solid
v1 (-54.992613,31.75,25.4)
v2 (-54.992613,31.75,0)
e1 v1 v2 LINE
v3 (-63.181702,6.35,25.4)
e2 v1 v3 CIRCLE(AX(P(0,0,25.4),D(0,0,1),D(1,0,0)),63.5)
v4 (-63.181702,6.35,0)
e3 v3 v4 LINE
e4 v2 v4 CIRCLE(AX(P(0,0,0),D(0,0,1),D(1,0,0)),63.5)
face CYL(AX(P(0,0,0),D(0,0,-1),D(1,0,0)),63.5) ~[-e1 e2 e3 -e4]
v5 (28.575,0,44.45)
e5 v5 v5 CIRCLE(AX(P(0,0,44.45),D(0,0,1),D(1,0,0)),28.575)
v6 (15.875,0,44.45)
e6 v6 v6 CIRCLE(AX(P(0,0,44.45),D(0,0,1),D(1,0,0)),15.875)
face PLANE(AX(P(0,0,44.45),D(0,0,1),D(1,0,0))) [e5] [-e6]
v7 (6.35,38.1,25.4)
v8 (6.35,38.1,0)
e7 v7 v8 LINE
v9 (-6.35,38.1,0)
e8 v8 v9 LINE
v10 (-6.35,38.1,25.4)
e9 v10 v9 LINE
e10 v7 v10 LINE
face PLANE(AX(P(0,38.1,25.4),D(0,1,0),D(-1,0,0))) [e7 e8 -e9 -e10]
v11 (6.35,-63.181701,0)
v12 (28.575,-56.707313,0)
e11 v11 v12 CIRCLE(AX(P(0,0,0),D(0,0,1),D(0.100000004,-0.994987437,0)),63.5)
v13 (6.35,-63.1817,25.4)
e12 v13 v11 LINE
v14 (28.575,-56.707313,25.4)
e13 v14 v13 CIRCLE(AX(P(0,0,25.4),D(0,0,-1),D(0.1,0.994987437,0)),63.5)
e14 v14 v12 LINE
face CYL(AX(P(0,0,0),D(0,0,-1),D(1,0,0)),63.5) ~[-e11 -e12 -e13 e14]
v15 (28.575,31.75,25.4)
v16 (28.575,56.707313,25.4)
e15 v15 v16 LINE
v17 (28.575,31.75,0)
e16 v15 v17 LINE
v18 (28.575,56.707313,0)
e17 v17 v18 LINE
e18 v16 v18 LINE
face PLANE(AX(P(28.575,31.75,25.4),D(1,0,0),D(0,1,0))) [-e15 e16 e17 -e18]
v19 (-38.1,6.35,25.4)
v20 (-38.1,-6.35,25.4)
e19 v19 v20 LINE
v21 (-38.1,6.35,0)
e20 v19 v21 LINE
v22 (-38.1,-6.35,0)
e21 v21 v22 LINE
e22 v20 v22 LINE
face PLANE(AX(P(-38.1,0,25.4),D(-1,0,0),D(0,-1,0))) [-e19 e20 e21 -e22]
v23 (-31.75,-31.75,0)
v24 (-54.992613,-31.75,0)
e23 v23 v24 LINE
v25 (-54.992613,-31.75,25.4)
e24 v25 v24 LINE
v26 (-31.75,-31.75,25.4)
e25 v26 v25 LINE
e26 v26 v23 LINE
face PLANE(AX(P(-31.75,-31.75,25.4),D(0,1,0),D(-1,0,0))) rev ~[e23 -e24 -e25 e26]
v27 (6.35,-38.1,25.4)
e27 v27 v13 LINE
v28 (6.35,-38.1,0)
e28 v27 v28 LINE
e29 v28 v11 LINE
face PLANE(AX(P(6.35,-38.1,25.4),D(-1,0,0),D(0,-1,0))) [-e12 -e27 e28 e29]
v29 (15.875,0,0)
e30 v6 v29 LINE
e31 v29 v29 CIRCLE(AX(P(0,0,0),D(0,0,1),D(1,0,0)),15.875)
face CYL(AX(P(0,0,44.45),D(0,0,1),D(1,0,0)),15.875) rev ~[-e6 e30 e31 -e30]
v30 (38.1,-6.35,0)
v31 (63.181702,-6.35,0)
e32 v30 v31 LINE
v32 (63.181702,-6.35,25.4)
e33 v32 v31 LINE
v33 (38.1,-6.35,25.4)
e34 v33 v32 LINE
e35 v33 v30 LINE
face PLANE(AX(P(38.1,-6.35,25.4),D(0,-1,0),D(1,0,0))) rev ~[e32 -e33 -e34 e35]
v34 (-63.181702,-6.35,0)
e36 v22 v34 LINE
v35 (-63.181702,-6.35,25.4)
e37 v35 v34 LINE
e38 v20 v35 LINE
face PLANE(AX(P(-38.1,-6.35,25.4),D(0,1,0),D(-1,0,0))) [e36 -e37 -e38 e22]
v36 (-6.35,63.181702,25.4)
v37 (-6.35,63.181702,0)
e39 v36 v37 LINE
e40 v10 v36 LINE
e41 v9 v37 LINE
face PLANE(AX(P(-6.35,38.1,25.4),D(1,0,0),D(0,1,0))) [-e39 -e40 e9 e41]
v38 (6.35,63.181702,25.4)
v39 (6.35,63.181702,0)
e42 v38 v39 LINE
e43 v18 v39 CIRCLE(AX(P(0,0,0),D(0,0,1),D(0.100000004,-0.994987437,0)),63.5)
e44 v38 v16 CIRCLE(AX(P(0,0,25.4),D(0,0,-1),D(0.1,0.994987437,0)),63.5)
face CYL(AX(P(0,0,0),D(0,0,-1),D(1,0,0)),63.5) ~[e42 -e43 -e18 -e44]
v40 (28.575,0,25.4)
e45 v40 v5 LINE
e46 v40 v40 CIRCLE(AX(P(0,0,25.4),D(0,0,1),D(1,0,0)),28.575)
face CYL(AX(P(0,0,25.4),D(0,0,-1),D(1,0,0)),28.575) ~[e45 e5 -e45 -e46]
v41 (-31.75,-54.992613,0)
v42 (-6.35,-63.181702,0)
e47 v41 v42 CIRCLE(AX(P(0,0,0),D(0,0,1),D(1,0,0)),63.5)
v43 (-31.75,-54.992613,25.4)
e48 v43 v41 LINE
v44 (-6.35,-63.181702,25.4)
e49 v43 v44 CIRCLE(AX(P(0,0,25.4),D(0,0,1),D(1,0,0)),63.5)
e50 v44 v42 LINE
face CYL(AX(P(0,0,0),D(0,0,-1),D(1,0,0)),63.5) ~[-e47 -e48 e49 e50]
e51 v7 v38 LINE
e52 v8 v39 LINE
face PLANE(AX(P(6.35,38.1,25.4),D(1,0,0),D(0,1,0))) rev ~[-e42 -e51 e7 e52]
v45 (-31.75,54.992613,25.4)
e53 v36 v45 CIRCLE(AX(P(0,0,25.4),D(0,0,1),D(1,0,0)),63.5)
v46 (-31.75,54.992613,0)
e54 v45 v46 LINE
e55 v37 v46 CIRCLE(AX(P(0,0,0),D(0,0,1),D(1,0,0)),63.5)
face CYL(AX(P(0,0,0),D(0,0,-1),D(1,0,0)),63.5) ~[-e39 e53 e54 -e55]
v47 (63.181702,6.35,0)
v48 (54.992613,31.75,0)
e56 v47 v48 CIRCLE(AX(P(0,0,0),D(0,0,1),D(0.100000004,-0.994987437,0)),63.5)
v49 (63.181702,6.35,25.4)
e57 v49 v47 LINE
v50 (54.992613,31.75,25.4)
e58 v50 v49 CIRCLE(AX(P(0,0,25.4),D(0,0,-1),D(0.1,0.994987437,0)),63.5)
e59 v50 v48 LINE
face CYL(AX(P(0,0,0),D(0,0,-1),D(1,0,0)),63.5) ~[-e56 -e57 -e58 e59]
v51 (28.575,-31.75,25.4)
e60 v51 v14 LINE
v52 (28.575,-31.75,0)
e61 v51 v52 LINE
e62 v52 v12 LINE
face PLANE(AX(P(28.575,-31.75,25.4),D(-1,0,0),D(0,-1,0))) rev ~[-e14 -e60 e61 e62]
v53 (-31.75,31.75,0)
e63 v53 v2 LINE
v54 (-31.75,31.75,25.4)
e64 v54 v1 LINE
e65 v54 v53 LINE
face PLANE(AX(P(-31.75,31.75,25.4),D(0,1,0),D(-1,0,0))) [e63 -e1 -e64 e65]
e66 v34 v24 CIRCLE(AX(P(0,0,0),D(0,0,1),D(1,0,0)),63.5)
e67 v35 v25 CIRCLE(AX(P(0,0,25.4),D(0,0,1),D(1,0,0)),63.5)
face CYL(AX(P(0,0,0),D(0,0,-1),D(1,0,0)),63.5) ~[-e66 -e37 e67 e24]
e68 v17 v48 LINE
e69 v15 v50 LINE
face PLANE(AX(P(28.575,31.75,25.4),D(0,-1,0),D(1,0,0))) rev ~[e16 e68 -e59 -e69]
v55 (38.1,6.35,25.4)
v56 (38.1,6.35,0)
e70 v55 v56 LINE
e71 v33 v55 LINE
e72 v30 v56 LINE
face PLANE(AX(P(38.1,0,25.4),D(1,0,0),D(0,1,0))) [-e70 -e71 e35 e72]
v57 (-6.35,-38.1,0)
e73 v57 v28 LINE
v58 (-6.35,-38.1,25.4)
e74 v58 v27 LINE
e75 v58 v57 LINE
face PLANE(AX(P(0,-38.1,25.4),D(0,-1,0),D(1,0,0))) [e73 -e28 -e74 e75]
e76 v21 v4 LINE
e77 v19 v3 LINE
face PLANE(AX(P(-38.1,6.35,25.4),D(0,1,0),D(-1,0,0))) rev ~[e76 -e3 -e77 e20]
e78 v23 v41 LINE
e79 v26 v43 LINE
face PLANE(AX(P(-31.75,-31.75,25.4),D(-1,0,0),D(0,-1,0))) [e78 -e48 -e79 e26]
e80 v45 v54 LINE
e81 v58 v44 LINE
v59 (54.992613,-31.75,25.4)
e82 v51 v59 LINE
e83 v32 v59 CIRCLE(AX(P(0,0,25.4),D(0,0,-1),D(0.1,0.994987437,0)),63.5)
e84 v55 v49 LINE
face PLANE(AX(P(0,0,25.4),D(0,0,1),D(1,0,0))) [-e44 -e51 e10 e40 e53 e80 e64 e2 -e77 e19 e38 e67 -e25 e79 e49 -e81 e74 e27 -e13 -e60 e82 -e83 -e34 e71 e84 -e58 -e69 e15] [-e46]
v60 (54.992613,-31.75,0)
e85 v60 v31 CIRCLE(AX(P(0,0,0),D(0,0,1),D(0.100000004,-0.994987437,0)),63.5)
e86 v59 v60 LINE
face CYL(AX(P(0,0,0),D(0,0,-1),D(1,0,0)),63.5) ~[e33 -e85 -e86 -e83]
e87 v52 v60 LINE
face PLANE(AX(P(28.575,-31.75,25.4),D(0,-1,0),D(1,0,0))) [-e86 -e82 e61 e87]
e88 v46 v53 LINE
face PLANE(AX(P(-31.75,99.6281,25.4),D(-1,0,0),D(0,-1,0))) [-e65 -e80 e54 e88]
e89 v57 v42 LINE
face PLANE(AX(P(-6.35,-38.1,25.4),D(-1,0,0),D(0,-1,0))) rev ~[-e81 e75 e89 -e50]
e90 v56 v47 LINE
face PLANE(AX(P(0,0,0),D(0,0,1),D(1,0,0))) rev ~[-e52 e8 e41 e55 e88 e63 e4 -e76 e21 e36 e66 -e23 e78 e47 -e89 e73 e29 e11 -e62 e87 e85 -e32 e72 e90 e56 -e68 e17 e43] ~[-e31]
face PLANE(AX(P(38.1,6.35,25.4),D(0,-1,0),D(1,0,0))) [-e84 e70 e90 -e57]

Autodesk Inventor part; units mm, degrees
ref_plane "YZ Plane" through (0, 0, 0) normal (1, 0, 0) x (0, 1, 0)
ref_plane "XZ Plane" through (0, 0, 0) normal (0, 1, 0) x (-1, 0, 0)
ref_plane "XY Plane" through (0, 0, 0) normal (0, 0, 1) x (1, 0, 0)
sketch "Sketch1" plane through (0, 0, 0) normal (0, 0, 1) x (1, 0, 0)
  circle A0 centre (0, 0) radius 63.5
  dimension "d0" = 127
extrude "Extrusion1" add sketch "Sketch1" along normal blind 25.4
sketch "Sketch2" plane through (0, 0, 25.4) normal (0, 0, 1) x (1, 0, 0)
  circle A0 centre (0, 0) radius 28.575
  dimension "d3" = 57.15
extrude "Extrusion2" add sketch "Sketch2" along normal blind 19.05
sketch "Sketch3" plane through (0, 0, 44.45) normal (0, 0, 1) x (1, 0, 0)
  circle A0 centre (0, 0) radius 15.875
  dimension "d6" = 31.75
extrude "Extrusion3" cut sketch "Sketch3" against normal through all
sketch "Sketch4" plane through (0, 0, 25.4) normal (0, 0, 1) x (1, 0, 0)
  line L0 (0, 0) -> (0, 38.1)
  line L1 (0, 38.1) -> (0, -38.1)
  line L2 (0, -38.1) -> (6.35, -38.1)
  line L3 (6.35, -38.1) -> (6.35, -63.1817)
  circle A0 centre (0, 0) radius 63.5 projected
  line L4 (0, -38.1) -> (-6.35, -38.1)
  line L5 (-6.35, -38.1) -> (-6.35, -80.9216)
  line L6 (-6.35, -80.9216) -> (6.35, -63.1817)
  line L7 (0, 38.1) -> (6.35, 38.1)
  line L8 (6.35, 38.1) -> (6.35, 68.5855)
  line L9 (0, 38.1) -> (-6.35, 38.1)
  line L10 (-6.35, 38.1) -> (-6.35, 68.5855)
  line L11 (-6.35, 68.5855) -> (6.35, 68.5855)
  dimension "d9" = 38.1
  dimension "d10" = 76.2
  dimension "d11" = 6.35
  dimension "d12" = 6.35
  dimension "d13" = 6.35
  dimension "d14" = 6.35
extrude "Extrusion4" cut sketch "Sketch4" against normal through all contours L9 L10 A0 L8 L7 | L2 L3 A0 L5 L4 | A0 L10 L11 L8 | L6 L5 A0
sketch "Sketch5" plane through (0, 0, 25.4) normal (0, 0, 1) x (1, 0, 0)
  line L0 (0, 0) -> (38.1, 0)
  line L1 (38.1, 0) -> (-38.1, 0)
  line L2 (-38.1, 0) -> (-38.1, 6.35)
  line L3 (-38.1, 6.35) -> (-99.0804, 6.35)
  line L4 (-38.1, 0) -> (-38.1, -6.35)
  line L5 (-38.1, -6.35) -> (-95.4724, -6.35)
  line L6 (-95.4724, -6.35) -> (-99.0804, 6.35)
  line L7 (38.1, 0) -> (38.1, -6.35)
  line L8 (38.1, -6.35) -> (92.4195, -6.35)
  line L9 (38.1, 0) -> (38.1, 6.35)
  line L10 (38.1, 6.35) -> (95.1949, 6.35)
  line L11 (95.1949, 6.35) -> (92.4195, -6.35)
  dimension "d17" = 38.1
  dimension "d18" = 76.2
  dimension "d19" = 6.35
  dimension "d20" = 6.35
  dimension "d21" = 6.35
  dimension "d22" = 6.35
extrude "Extrusion5" cut sketch "Sketch5" against normal through all
sketch "Sketch6" plane through (0, 0, 25.4) normal (0, 0, 1) x (1, 0, 0)
  point P0 (0, 0)
sketch "Sketch7" plane through (0, 0, 25.4) normal (0, 0, 1) x (1, 0, 0)
  line L0 (0, 0) -> (31.75, 0)
  line L1 (0, 0) -> (0, 31.75)
  line L2 (0, 31.75) -> (124.8927, 31.75)
  line L3 (0, 0) -> (0, -31.75)
  line L4 (0, 0) -> (-31.75, 0)
  line L5 (-31.75, 0) -> (-145.867, 0)
  line L6 (0, 31.75) -> (-126.7995, 31.75)
  line L7 (0, -31.75) -> (-134.9032, -31.75)
  line L8 (0, -31.75) -> (128.2295, -31.75)
  line L9 (-31.75, -31.75) -> (-31.75, -121.3175)
  line L10 (-31.75, -121.3175) -> (-134.9032, -31.75)
  line L11 (28.575, -31.75) -> (28.575, -121.3175)
  line L12 (28.575, -121.3175) -> (128.2295, -31.75)
  line L13 (28.575, 31.75) -> (28.575, 107.95)
  line L14 (28.575, 107.95) -> (124.8927, 31.75)
  line L15 (-126.7995, 31.75) -> (-31.75, 99.6281)
  line L16 (-31.75, 99.6281) -> (-31.75, 31.75)
  dimension "d25" = 31.75
  dimension "d26" = 31.75
  dimension "d27" = 31.75
  dimension "d28" = 31.75
  dimension "d29" = 76.2
extrude "Extrusion6" cut sketch "Sketch7" against normal through all
properties part number "3-3" material "Iron, Malleable"
